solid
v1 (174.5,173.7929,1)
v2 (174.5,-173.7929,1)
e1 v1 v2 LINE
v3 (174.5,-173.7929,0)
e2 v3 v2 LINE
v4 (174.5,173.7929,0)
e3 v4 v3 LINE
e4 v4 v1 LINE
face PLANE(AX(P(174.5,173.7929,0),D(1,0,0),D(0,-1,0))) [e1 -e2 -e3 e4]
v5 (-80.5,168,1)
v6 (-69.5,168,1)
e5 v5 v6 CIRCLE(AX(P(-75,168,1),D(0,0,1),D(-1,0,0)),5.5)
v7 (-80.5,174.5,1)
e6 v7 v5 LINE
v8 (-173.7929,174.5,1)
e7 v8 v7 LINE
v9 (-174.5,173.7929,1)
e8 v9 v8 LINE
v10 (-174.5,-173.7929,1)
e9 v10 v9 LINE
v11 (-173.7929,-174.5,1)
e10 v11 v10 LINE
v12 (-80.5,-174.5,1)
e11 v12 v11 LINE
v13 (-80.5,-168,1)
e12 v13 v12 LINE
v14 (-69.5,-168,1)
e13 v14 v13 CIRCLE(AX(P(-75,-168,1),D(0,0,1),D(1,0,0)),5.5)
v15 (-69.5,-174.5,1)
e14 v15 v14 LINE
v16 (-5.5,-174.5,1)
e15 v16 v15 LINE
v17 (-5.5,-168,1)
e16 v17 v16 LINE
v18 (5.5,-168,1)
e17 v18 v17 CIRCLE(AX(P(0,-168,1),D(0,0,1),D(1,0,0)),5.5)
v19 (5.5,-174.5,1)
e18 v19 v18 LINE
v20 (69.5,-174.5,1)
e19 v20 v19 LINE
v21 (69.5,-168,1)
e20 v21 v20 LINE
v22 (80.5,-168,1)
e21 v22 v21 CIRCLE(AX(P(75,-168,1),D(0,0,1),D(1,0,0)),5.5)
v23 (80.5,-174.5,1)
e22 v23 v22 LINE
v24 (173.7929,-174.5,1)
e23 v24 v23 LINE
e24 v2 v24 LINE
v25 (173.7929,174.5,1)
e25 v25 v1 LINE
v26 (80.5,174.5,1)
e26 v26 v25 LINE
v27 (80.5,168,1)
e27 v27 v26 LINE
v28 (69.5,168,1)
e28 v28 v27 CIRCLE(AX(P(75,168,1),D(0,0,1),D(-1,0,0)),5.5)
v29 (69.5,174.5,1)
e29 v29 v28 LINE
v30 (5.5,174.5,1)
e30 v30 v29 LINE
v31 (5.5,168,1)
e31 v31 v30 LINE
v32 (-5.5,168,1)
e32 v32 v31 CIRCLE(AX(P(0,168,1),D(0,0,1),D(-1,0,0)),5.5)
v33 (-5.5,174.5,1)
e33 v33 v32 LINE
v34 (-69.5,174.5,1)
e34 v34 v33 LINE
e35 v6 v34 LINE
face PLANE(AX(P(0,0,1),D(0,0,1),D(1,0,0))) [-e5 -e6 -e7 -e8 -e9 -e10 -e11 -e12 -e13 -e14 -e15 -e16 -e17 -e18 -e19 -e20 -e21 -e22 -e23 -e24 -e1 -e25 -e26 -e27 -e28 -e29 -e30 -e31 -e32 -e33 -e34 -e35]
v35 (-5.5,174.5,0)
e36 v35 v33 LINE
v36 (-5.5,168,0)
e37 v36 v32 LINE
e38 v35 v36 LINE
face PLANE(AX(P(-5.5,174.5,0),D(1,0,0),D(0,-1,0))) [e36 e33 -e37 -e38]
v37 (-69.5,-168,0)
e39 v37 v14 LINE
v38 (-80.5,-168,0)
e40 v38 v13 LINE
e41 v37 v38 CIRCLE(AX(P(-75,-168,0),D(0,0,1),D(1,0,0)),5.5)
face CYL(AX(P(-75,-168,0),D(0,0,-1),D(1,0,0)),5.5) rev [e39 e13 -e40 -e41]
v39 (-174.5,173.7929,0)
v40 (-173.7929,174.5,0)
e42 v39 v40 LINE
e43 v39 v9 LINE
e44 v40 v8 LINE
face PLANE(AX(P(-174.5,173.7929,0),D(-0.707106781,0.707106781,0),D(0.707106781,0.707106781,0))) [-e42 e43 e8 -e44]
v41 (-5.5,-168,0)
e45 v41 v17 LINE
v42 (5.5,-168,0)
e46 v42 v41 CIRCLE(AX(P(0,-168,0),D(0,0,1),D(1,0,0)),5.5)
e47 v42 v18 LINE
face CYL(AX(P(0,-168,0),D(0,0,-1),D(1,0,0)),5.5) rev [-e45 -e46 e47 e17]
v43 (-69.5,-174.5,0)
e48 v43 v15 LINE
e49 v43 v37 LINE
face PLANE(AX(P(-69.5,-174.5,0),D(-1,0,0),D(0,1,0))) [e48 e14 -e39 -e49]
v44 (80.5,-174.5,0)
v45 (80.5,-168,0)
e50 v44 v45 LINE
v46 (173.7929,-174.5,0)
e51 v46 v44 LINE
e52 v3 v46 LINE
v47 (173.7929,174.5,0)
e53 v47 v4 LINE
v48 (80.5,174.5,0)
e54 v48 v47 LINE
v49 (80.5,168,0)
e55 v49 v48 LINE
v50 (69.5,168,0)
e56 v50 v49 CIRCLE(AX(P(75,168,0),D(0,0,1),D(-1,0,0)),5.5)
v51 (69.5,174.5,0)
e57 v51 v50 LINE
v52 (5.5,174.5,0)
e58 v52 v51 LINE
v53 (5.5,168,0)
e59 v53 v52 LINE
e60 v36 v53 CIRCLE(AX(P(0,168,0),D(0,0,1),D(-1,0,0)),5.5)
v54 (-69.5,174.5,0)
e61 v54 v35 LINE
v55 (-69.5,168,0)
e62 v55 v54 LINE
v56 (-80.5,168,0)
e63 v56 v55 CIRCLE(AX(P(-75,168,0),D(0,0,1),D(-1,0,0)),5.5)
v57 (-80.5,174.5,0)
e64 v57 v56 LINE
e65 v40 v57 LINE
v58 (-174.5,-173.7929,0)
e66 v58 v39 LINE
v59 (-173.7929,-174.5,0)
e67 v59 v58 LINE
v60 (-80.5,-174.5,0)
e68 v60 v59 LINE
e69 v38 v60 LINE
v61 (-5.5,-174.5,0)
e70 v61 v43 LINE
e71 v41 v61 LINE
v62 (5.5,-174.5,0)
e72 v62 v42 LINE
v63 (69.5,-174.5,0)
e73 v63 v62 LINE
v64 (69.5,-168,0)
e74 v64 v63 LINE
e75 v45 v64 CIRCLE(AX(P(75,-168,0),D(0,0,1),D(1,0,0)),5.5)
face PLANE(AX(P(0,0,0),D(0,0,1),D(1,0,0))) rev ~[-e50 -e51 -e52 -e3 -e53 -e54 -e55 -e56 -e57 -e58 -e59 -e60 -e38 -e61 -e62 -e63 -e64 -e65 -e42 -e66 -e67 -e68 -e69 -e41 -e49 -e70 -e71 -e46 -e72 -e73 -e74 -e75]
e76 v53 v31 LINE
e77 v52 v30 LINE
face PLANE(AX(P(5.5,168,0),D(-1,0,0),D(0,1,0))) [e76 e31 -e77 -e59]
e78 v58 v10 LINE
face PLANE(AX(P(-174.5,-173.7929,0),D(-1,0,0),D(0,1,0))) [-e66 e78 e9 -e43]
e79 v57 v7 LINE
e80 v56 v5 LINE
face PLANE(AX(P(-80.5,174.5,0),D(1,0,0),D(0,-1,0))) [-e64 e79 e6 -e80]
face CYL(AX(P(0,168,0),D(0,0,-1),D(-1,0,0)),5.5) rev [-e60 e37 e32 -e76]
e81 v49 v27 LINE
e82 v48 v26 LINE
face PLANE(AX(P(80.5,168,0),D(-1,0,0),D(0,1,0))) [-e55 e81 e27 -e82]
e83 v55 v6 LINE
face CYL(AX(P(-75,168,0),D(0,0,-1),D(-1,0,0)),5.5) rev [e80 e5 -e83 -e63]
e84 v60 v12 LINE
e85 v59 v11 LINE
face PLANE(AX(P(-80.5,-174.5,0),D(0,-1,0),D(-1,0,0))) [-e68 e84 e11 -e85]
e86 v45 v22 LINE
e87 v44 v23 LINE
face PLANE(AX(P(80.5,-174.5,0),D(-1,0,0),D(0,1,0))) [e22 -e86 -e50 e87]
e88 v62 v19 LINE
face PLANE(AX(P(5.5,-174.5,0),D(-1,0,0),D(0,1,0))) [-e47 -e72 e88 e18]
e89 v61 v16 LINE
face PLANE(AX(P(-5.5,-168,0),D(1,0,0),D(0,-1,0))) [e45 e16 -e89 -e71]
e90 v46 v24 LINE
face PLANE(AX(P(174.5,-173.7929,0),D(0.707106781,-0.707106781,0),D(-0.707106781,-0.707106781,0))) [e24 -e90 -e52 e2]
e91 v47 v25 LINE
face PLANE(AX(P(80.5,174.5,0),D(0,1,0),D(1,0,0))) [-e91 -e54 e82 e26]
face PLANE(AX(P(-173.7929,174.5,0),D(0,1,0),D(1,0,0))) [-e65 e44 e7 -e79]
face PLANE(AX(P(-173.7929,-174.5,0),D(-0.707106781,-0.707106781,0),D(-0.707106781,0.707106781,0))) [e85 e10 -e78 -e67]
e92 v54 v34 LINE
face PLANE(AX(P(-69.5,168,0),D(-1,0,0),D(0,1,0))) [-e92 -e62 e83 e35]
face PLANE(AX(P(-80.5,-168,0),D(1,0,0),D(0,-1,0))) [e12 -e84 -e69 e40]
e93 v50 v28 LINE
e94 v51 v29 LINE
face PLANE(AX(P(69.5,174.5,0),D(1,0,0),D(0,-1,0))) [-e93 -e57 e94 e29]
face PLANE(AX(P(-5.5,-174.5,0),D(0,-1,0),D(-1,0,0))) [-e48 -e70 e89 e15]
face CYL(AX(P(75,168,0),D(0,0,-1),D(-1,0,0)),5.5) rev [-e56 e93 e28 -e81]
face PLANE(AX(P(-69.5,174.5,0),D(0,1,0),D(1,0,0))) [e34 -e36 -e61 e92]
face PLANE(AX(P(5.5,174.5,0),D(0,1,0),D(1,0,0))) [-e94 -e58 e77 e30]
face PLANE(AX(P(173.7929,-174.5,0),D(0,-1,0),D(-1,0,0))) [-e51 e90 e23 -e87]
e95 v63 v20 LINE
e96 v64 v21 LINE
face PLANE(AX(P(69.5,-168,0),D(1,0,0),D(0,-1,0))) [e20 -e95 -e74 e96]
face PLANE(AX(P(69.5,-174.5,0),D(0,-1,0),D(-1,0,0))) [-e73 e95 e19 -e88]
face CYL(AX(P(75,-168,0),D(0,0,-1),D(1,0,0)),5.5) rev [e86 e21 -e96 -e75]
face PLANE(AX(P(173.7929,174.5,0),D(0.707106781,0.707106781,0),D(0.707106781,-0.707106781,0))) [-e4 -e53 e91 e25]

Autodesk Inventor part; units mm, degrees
ref_plane "YZ Plane" through (0, 0, 0) normal (1, 0, 0) x (0, 1, 0)
ref_plane "XZ Plane" through (0, 0, 0) normal (0, 1, 0) x (-1, 0, 0)
ref_plane "XY Plane" through (0, 0, 0) normal (0, 0, 1) x (1, 0, 0)
sketch "Skizze1" plane through (0, 0, 0) normal (0, 0, 1) x (1, 0, 0)
  line L0 (175, -174) -> (174, -175) projected
  line L1 (175, -174) -> (175, 174) projected
  line L2 (174, 175) -> (175, 174) projected
  line L3 (174, 175) -> (80, 175) projected
  line L4 (80, 175) -> (80, 168) projected
  arc A0 (70, 168) -> (80, 168) centre (75, 168) ccw projected
  line L5 (70, 168) -> (70, 175) projected
  line L6 (70, 175) -> (5, 175) projected
  line L7 (5, 175) -> (5, 168) projected
  arc A1 (-5, 168) -> (5, 168) centre (0, 168) ccw projected
  line L8 (-5, 168) -> (-5, 175) projected
  line L9 (-5, 175) -> (-70, 175) projected
  line L10 (-70, 175) -> (-70, 168) projected
  arc A2 (-80, 168) -> (-70, 168) centre (-75, 168) ccw projected
  line L11 (-80, 168) -> (-80, 175) projected
  line L12 (-80, 175) -> (-174, 175) projected
  line L13 (-175, 174) -> (-174, 175) projected
  line L14 (-175, 174) -> (-175, -174) projected
  line L15 (-174, -175) -> (-175, -174) projected
  line L16 (-174, -175) -> (-80, -175) projected
  line L17 (-80, -175) -> (-80, -168) projected
  arc A3 (-70, -168) -> (-80, -168) centre (-75, -168) ccw projected
  line L18 (-70, -168) -> (-70, -175) projected
  line L19 (-70, -175) -> (-5, -175) projected
  line L20 (-5, -175) -> (-5, -168) projected
  arc A4 (5, -168) -> (-5, -168) centre (0, -168) ccw projected
  line L21 (5, -168) -> (5, -175) projected
  line L22 (5, -175) -> (70, -175) projected
  line L23 (70, -175) -> (70, -168) projected
  arc A5 (80, -168) -> (70, -168) centre (75, -168) ccw projected
  line L24 (80, -168) -> (80, -175) projected
  line L25 (80, -175) -> (174, -175) projected
  line L26 (174.5, 173.7929) -> (174.5, -173.7929)
  line L27 (174.5, -173.7929) -> (173.7929, -174.5)
  line L28 (173.7929, -174.5) -> (80.5, -174.5)
  line L29 (80.5, -174.5) -> (80.5, -168)
  arc A6 (80.5, -168) -> (69.5, -168) centre (75, -168) ccw
  line L30 (69.5, -168) -> (69.5, -174.5)
  line L31 (69.5, -174.5) -> (5.5, -174.5)
  line L32 (5.5, -174.5) -> (5.5, -168)
  arc A7 (5.5, -168) -> (-5.5, -168) centre (0, -168) ccw
  line L33 (-5.5, -168) -> (-5.5, -174.5)
  line L34 (-5.5, -174.5) -> (-69.5, -174.5)
  line L35 (-69.5, -174.5) -> (-69.5, -168)
  arc A8 (-69.5, -168) -> (-80.5, -168) centre (-75, -168) ccw
  line L36 (-80.5, -168) -> (-80.5, -174.5)
  line L37 (-80.5, -174.5) -> (-173.7929, -174.5)
  line L38 (-173.7929, -174.5) -> (-174.5, -173.7929)
  line L39 (-174.5, -173.7929) -> (-174.5, 173.7929)
  line L40 (-174.5, 173.7929) -> (-173.7929, 174.5)
  line L41 (-173.7929, 174.5) -> (-80.5, 174.5)
  line L42 (-80.5, 174.5) -> (-80.5, 168)
  arc A9 (-80.5, 168) -> (-69.5, 168) centre (-75, 168) ccw
  line L43 (-69.5, 168) -> (-69.5, 174.5)
  line L44 (-69.5, 174.5) -> (-5.5, 174.5)
  line L45 (-5.5, 174.5) -> (-5.5, 168)
  arc A10 (-5.5, 168) -> (5.5, 168) centre (0, 168) ccw
  line L46 (5.5, 168) -> (5.5, 174.5)
  line L47 (5.5, 174.5) -> (69.5, 174.5)
  line L48 (69.5, 174.5) -> (69.5, 168)
  arc A11 (69.5, 168) -> (80.5, 168) centre (75, 168) ccw
  line L49 (80.5, 168) -> (80.5, 174.5)
  line L50 (80.5, 174.5) -> (173.7929, 174.5)
  line L51 (173.7929, 174.5) -> (174.5, 173.7929)
  point P0 (0, 0)
  dimension "d0" = 0.5
extrude "Extrusion1" add sketch "Skizze1" along normal blind 1 contours L26 L27 L28 L29 A6 L30 L31 L32 A7 L33 L34 L35 A8 L36 L37 L38 L39 L40 L41 L42 A9 L43 L44 L45 A10 L46 L47 L48 A11 L49 L50 L51
properties part number "Heatbed Magnetic-Sheet" material "Bronze, weiche Zinnbronze"
